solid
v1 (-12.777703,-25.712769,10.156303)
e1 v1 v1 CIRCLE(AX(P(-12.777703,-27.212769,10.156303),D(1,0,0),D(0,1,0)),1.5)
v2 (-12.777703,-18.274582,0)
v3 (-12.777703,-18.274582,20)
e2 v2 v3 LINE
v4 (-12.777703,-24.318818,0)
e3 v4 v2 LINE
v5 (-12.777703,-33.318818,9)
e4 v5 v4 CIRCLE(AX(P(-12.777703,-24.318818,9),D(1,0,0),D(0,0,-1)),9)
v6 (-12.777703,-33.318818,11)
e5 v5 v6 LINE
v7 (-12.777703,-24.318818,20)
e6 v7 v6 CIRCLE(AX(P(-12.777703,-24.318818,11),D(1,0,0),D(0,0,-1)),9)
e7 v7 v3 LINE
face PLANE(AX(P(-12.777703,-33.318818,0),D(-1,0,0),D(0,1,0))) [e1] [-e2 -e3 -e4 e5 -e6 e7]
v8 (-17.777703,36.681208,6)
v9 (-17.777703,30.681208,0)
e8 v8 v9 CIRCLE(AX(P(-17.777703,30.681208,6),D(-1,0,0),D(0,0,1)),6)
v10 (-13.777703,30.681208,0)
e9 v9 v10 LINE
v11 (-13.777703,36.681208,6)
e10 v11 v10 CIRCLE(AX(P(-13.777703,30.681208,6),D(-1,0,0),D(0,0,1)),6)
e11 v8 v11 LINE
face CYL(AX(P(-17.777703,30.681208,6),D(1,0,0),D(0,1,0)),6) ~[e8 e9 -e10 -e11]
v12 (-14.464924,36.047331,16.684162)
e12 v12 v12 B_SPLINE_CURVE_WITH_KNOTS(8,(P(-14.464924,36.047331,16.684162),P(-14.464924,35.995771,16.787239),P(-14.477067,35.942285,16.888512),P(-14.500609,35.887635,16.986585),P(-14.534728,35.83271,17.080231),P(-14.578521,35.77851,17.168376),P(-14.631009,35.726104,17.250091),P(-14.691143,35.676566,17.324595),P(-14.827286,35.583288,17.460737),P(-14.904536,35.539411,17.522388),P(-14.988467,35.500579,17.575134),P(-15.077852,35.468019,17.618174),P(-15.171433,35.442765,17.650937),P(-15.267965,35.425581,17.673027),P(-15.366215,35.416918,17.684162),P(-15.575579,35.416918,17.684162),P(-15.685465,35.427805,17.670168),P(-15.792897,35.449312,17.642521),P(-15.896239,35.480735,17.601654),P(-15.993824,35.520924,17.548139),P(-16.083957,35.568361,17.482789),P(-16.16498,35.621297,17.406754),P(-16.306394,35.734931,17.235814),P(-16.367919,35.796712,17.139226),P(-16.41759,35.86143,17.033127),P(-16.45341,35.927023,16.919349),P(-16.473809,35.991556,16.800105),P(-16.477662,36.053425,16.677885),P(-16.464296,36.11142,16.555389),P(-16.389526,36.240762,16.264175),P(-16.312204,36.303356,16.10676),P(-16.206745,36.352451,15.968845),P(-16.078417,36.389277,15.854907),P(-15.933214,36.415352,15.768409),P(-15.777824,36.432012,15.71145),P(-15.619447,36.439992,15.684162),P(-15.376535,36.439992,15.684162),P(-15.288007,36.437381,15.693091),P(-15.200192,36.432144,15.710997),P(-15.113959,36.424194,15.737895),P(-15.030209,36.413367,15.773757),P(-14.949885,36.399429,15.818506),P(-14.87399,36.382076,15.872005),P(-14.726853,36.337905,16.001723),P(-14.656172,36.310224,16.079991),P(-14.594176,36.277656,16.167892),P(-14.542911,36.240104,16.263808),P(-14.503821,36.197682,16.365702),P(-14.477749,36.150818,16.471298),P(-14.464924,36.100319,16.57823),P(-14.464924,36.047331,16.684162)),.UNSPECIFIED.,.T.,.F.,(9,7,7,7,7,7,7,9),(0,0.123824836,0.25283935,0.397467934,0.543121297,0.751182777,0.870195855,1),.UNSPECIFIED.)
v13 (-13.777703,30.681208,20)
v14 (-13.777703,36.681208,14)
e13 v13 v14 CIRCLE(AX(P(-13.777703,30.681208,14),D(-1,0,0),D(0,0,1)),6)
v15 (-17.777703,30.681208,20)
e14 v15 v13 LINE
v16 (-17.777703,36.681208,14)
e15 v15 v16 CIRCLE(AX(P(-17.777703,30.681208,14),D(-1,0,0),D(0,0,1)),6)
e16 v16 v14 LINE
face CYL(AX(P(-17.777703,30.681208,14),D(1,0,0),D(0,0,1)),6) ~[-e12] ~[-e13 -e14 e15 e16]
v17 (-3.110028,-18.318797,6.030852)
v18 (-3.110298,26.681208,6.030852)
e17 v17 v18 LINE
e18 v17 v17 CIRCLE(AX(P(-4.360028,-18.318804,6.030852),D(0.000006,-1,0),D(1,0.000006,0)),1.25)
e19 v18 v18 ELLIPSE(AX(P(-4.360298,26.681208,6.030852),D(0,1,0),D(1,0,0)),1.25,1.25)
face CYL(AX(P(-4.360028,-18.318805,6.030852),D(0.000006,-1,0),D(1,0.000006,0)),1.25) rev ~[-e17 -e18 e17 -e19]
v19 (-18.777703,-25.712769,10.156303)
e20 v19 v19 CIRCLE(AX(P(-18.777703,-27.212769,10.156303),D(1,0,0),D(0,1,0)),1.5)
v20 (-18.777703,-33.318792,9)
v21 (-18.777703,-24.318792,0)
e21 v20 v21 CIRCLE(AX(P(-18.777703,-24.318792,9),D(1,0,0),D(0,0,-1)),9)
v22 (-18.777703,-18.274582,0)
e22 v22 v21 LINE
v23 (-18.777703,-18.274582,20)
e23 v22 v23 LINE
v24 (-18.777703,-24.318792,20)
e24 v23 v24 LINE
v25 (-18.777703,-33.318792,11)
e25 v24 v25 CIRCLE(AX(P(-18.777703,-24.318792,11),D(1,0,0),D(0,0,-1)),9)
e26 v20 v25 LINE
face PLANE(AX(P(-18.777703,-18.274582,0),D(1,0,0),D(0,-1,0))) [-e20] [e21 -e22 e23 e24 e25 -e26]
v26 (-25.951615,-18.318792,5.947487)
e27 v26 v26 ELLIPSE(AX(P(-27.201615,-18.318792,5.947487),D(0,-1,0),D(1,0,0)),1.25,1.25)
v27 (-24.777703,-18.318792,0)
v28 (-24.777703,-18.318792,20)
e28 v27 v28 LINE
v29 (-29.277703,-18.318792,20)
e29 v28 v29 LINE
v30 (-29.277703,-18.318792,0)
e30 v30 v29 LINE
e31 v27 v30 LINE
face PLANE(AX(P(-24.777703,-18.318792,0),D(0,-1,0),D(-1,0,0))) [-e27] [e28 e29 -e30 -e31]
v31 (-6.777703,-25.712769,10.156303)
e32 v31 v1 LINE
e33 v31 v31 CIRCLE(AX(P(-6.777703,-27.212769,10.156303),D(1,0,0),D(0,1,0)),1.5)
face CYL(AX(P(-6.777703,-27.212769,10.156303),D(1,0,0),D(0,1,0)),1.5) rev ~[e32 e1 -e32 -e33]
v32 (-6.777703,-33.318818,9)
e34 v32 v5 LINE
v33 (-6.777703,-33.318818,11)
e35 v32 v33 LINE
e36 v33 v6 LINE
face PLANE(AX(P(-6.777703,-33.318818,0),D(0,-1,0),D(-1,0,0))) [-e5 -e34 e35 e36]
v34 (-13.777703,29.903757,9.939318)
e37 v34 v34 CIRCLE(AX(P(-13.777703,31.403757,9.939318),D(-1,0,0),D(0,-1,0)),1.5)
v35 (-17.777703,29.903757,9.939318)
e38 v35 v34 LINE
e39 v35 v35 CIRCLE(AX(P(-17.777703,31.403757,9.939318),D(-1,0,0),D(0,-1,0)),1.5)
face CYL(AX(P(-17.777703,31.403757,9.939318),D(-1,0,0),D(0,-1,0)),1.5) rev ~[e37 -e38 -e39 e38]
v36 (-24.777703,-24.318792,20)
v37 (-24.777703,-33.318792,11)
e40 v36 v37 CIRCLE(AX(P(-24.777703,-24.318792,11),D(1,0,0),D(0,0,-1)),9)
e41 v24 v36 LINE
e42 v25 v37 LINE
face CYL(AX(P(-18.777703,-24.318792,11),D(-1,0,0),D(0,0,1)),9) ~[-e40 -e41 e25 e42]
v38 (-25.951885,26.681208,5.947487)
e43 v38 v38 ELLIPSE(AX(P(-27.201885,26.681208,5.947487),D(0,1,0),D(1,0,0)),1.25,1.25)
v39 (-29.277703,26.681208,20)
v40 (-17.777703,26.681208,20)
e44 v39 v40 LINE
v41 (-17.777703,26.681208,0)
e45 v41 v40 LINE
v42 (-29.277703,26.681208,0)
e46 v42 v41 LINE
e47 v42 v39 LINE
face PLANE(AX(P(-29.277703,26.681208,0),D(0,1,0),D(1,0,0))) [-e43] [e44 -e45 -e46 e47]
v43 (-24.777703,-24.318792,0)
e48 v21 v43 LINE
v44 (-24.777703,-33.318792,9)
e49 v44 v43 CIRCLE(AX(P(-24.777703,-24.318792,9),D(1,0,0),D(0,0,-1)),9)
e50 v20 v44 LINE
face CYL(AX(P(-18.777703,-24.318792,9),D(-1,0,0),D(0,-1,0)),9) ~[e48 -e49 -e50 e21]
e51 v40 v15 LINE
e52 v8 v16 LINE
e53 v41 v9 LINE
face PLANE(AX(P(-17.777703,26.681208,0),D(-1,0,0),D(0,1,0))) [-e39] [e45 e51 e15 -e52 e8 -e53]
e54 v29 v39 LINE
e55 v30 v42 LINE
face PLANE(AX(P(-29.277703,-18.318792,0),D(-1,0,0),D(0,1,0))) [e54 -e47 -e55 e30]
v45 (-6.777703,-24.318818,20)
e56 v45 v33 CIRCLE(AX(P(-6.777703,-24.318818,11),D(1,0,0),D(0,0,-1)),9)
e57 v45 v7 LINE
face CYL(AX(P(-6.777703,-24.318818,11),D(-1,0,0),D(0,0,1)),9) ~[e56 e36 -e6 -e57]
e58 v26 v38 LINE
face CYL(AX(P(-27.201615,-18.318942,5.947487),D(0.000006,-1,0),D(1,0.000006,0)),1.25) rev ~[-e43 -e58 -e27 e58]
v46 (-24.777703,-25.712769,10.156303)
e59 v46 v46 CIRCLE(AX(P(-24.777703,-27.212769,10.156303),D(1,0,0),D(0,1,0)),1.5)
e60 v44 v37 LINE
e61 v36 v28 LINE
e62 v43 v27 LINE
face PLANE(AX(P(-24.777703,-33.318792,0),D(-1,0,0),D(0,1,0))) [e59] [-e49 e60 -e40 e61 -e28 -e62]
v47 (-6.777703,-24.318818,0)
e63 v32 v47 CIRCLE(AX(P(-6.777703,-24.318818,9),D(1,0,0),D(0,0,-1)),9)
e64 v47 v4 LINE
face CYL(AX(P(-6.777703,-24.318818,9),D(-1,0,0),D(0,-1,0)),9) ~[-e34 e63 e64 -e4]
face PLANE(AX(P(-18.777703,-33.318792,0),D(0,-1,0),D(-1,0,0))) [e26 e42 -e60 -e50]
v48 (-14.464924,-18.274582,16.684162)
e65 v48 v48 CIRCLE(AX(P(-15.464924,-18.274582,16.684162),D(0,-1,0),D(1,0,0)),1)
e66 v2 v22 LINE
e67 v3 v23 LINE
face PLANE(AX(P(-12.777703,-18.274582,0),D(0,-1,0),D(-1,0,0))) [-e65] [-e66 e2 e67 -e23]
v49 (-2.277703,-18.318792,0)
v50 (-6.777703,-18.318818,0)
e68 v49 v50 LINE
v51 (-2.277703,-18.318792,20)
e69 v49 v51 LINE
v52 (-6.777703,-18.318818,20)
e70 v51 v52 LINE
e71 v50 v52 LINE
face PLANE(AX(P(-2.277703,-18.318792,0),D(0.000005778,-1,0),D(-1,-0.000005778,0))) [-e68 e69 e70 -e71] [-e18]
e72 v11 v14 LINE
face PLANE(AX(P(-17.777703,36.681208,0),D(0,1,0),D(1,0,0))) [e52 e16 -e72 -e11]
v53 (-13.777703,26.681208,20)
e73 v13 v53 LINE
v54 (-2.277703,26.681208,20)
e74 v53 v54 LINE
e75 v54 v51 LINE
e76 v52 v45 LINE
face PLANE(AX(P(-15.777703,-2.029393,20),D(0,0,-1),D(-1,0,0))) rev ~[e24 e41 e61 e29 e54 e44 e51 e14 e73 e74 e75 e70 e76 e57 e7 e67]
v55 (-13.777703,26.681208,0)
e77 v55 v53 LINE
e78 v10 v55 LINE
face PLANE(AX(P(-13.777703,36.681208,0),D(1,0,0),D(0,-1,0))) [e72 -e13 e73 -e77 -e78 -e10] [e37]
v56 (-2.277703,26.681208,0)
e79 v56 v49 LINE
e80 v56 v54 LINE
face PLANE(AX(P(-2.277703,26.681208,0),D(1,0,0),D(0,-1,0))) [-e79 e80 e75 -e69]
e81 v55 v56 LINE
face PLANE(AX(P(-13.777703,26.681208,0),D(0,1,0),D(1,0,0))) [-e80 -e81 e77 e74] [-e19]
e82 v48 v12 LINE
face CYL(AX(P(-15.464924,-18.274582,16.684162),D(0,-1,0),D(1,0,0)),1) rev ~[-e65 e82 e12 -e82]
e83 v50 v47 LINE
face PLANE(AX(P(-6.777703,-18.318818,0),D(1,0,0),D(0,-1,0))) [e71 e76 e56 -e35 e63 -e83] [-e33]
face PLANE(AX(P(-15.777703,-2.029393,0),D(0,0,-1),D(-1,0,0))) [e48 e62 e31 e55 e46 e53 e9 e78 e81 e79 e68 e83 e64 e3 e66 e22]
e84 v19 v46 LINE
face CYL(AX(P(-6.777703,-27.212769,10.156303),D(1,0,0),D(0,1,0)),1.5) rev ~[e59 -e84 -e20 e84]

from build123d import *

# Parameters (mm, degrees)
PAD_DEPTH       = 20
SKETCH001_R     = 1.5
POCKET_DEPTH    = 22.501
FILLET_R        = 9
FILLET001_R     = 9
FILLET002_R     = 9
FILLET003_R     = 9
FILLET004_R     = 6
FILLET005_R     = 6
SKETCH002_R     = 1.5
POCKET001_DEPTH = 15.501
SKETCH003_R     = 1.25
POCKET002_DEPTH = 55.001155
SKETCH004_R     = 1
POCKET003_DEPTH = 54.95679


with BuildPart() as part:
    # Sketch → Pad (new body)
    with BuildSketch(Plane.XY):
        Polygon((-29.277703, 26.681208), (-17.777703, 26.681208), (-17.777703, 36.681208), (-13.777703, 36.681208), (-13.777703, 26.681208), (-2.277703, 26.681208), (-2.277703, -18.318792), (-6.777703, -18.318818), (-6.777703, -33.318818), (-12.777703, -33.318818), (-12.777703, -18.274582), (-18.777703, -18.274582), (-18.777703, -33.318792), (-24.777703, -33.318792), (-24.777703, -18.318792), (-29.277703, -18.318792), align=None)
    extrude(amount=PAD_DEPTH)

    # Sketch001 (on Face8 of Pad) → Pocket (cut, through all)
    with BuildSketch(Plane.YZ.offset(-6.777703)):
        with Locations((-27.212769, 10.156303)):
            Circle(SKETCH001_R)
    extrude(amount=-POCKET_DEPTH, mode=Mode.SUBTRACT)

    # Fillet
    fillet_edges = [part.edges().sort_by_distance(p)[0] for p in [
        (-21.777703, -33.318792, 20),
    ]]
    fillet(fillet_edges, radius=FILLET_R)

    # Fillet001
    fillet001_edges = [part.edges().sort_by_distance(p)[0] for p in [
        (-21.777703, -33.318792, 0),
    ]]
    fillet(fillet001_edges, radius=FILLET001_R)

    # Fillet002
    fillet002_edges = [part.edges().sort_by_distance(p)[0] for p in [
        (-9.777703, -33.318818, 20),
    ]]
    fillet(fillet002_edges, radius=FILLET002_R)

    # Fillet003
    fillet003_edges = [part.edges().sort_by_distance(p)[0] for p in [
        (-9.777703, -33.318818, 0),
    ]]
    fillet(fillet003_edges, radius=FILLET003_R)

    # Fillet004
    fillet004_edges = [part.edges().sort_by_distance(p)[0] for p in [
        (-15.777703, 36.681208, 20),
    ]]
    fillet(fillet004_edges, radius=FILLET004_R)

    # Fillet005
    fillet005_edges = [part.edges().sort_by_distance(p)[0] for p in [
        (-15.777703, 36.681208, 0),
    ]]
    fillet(fillet005_edges, radius=FILLET005_R)

    # Sketch002 (on Face8 of Fillet005) → Pocket001 (cut, through all)
    with BuildSketch(Plane(origin=(-17.777703, 0, 0), x_dir=(0, -1, 0), z_dir=(-1, 0, 0))):
        with Locations((-31.403757, 9.939318)):
            Circle(SKETCH002_R)
    extrude(amount=-POCKET001_DEPTH, mode=Mode.SUBTRACT)

    # Sketch003 (on Face12 of Pocket001) → Pocket002 (cut, through all)
    with BuildSketch(Plane(origin=(0.000105, -18.318779, 0), x_dir=(1, 6e-06, 0), z_dir=(6e-06, -1, 0))):
        with Locations((-27.20172, 5.947487)):
            Circle(SKETCH003_R)
        with Locations((-4.360133, 6.030852)):
            Circle(SKETCH003_R)
    extrude(amount=-POCKET002_DEPTH, mode=Mode.SUBTRACT)

    # Sketch004 (on Face20 of Pocket002) → Pocket003 (cut, through all)
    with BuildSketch(Plane.XZ.offset(18.274582)):
        with Locations((-15.464924, 16.684162)):
            Circle(SKETCH004_R)
    extrude(amount=-POCKET003_DEPTH, mode=Mode.SUBTRACT)


solid = part.part
